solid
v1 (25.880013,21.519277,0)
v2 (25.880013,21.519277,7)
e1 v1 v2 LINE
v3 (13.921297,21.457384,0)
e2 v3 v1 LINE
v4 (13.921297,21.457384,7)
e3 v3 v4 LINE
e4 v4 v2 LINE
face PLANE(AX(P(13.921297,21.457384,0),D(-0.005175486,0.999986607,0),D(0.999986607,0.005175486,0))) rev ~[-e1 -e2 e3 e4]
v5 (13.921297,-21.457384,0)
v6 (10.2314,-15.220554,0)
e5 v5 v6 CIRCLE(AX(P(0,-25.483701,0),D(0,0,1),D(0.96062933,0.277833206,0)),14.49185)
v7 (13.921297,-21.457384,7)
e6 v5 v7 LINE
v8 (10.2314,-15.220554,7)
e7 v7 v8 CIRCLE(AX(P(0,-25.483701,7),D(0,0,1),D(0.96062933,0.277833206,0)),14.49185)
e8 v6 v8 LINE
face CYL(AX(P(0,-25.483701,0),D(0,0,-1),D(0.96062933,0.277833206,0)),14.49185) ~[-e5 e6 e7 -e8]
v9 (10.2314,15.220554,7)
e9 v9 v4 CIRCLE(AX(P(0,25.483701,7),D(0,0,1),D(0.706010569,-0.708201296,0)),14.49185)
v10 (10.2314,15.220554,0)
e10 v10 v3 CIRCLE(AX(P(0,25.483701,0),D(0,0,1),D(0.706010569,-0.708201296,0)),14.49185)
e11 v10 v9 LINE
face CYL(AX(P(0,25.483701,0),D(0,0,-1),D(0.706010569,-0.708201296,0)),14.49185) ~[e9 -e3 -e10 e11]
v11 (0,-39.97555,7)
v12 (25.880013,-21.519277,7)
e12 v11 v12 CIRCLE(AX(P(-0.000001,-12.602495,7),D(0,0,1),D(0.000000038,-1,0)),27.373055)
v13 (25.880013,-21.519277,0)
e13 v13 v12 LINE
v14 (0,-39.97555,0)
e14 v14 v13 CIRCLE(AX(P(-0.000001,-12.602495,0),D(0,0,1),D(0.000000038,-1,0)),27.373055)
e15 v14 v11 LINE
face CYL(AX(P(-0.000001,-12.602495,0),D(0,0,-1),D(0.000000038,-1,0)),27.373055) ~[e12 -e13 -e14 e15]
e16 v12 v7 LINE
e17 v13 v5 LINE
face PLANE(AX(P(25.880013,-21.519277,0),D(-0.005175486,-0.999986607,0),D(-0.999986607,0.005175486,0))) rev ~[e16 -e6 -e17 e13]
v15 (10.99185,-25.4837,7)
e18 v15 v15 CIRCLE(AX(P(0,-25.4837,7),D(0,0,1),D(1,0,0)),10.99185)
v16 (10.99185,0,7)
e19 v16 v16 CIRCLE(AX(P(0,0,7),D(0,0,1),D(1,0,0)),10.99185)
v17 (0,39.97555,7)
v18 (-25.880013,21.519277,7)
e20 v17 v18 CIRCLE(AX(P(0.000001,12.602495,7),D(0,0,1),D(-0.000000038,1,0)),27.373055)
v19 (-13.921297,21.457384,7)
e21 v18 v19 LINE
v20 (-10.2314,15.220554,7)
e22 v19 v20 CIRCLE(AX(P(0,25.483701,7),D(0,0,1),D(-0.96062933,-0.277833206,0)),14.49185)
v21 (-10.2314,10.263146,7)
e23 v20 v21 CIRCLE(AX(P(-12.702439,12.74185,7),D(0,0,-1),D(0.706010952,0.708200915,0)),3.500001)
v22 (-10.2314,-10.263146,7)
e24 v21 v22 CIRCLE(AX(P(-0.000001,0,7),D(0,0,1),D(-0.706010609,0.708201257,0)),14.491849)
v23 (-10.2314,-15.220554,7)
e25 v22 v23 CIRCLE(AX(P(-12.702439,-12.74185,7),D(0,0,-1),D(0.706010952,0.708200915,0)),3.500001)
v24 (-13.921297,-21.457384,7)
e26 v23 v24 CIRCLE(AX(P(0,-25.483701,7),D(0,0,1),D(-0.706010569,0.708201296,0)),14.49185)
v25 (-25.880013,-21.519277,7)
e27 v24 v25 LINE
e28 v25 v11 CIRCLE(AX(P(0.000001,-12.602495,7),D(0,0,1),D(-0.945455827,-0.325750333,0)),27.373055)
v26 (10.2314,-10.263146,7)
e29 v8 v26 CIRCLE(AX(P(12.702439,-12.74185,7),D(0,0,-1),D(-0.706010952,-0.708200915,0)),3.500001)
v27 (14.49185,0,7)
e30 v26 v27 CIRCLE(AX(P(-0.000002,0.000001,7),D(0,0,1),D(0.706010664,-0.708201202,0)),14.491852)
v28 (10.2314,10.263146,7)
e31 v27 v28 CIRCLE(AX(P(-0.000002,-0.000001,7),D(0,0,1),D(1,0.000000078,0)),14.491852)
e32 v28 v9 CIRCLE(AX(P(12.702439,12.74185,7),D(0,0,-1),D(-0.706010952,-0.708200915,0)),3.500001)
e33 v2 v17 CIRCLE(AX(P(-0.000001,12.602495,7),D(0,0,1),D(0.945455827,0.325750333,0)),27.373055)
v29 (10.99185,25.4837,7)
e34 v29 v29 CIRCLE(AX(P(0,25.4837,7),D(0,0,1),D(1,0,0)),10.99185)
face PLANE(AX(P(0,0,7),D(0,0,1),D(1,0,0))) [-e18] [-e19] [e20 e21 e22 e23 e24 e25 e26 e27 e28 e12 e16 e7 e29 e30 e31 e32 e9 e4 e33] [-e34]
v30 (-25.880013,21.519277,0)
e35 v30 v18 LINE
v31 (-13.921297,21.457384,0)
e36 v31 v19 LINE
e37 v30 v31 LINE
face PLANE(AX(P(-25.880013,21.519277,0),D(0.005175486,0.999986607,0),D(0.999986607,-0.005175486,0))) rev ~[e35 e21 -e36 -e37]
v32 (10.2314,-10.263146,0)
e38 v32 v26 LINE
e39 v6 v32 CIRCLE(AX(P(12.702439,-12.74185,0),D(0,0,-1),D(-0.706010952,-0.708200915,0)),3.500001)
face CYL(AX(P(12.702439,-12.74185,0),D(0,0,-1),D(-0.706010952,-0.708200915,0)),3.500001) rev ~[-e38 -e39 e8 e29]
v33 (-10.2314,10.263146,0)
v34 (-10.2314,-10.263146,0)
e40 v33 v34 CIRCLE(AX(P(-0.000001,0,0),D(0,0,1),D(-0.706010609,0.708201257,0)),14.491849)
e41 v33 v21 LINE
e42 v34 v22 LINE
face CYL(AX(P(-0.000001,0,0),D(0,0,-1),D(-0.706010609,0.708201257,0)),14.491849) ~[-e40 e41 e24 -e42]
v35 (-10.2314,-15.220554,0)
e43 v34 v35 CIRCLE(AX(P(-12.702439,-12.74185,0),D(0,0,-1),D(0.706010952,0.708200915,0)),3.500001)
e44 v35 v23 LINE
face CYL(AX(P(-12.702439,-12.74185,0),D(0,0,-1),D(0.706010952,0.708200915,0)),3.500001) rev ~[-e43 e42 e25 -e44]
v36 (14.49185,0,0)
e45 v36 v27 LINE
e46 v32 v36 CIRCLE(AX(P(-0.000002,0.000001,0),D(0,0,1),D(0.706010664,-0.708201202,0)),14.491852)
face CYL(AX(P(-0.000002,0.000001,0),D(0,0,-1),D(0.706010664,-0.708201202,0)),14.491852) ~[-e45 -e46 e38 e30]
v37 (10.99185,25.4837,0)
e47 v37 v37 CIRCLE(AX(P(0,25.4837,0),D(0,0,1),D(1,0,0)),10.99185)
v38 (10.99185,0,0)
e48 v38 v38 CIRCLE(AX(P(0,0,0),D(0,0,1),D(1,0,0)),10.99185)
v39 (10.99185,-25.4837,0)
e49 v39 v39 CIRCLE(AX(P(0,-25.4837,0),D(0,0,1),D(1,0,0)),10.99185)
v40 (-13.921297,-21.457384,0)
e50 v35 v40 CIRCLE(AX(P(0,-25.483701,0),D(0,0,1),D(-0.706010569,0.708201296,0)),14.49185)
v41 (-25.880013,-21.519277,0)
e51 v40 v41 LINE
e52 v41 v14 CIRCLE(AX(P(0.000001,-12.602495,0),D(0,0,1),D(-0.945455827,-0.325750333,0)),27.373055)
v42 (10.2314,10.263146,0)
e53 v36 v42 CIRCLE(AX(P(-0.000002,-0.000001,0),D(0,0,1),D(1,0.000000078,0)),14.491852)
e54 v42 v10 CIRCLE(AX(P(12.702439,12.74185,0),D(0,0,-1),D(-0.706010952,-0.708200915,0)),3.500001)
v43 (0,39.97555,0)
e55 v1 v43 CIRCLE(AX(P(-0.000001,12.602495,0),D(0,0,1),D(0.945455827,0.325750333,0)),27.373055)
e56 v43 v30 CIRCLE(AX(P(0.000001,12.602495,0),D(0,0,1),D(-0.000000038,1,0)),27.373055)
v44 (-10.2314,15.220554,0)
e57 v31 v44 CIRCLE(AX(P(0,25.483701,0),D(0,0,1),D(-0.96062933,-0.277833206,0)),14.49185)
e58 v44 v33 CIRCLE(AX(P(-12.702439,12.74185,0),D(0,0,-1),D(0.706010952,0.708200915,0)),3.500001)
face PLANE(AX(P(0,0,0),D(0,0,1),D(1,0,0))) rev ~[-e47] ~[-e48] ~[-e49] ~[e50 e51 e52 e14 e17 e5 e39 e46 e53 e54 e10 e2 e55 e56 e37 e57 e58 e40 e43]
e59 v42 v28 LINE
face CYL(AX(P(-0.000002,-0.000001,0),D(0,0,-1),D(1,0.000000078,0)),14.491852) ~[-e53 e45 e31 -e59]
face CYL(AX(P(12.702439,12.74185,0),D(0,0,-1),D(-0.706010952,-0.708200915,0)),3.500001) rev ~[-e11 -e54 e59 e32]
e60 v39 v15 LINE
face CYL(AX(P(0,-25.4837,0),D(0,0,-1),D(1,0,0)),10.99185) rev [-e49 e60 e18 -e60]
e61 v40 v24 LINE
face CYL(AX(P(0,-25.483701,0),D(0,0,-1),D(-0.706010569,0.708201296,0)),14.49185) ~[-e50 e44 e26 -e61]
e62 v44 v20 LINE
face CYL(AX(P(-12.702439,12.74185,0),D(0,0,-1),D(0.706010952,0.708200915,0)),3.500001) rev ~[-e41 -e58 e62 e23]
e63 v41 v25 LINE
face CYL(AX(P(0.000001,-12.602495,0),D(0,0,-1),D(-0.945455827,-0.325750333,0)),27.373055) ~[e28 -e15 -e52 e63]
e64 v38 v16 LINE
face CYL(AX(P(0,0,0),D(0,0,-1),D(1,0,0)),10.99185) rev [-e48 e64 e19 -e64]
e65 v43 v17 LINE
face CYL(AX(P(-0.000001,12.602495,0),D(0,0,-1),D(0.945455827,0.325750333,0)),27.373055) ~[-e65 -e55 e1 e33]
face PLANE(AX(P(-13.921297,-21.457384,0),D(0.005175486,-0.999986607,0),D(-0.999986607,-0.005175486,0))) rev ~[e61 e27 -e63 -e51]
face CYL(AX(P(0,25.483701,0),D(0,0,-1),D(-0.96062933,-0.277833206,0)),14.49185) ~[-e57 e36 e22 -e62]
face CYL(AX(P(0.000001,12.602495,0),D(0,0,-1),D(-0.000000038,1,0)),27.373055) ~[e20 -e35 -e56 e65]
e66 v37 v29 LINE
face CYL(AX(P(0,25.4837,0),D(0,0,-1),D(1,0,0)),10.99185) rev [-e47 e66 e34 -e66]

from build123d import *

# Parameters (mm, degrees)
F1_R     = 10.99185
F2_DEPTH = 7


with BuildPart() as f2:
    # F1 (on Top) → F2 (new body)
    with BuildSketch(Plane.XY):
        Circle(F1_R)
        with BuildLine():
            ThreePointArc((10.2314, -10.263146), (13.384424, -5.556159), (14.49185, 0))
            ThreePointArc((14.49185, 0), (13.384424, 5.556159), (10.2314, 10.263146))
            ThreePointArc((10.2314, 10.263146), (9.202438, 12.74185), (10.2314, 15.220554))
            ThreePointArc((10.2314, 15.220554), (12.472478, 18.104607), (13.921297, 21.457384))
            ThreePointArc((13.921297, 21.457384), (11.583663, 34.191885), (0, 39.97555))
            ThreePointArc((0, 39.97555), (-11.583663, 34.191885), (-13.921297, 21.457384))
            ThreePointArc((-13.921297, 21.457384), (-12.472478, 18.104607), (-10.2314, 15.220554))
            ThreePointArc((-10.2314, 15.220554), (-9.202438, 12.74185), (-10.2314, 10.263146))
            ThreePointArc((-10.2314, 10.263146), (-14.49185, 0), (-10.2314, -10.263146))
            ThreePointArc((-10.2314, -10.263146), (-9.202438, -12.74185), (-10.2314, -15.220554))
            ThreePointArc((-10.2314, -15.220554), (-12.472478, -18.104607), (-13.921297, -21.457384))
            ThreePointArc((-13.921297, -21.457384), (-11.583663, -34.191885), (0, -39.97555))
            ThreePointArc((0, -39.97555), (11.583663, -34.191885), (13.921297, -21.457384))
            ThreePointArc((13.921297, -21.457384), (12.472478, -18.104607), (10.2314, -15.220554))
            ThreePointArc((10.2314, -15.220554), (9.202438, -12.74185), (10.2314, -10.263146))
        make_face()
        with Locations((0, -25.4837)):
            Circle(F1_R, mode=Mode.SUBTRACT)
        Circle(F1_R, mode=Mode.SUBTRACT)
        with Locations((0, 25.4837)):
            Circle(F1_R, mode=Mode.SUBTRACT)
        with BuildLine():
            Line((25.880013, -21.519277), (13.921297, -21.457384))
            ThreePointArc((13.921297, -21.457384), (11.583663, -34.191885), (0, -39.97555))
            ThreePointArc((0, -39.97555), (15.893466, -34.888855), (25.880013, -21.519277))
        make_face()
        with BuildLine():
            ThreePointArc((0, 39.97555), (11.583663, 34.191885), (13.921297, 21.457384))
            Line((13.921297, 21.457384), (25.880013, 21.519277))
            ThreePointArc((25.880013, 21.519277), (15.893466, 34.888855), (0, 39.97555))
        make_face()
        with BuildLine():
            ThreePointArc((-25.880013, -21.519277), (-15.893466, -34.888855), (0, -39.97555))
            ThreePointArc((0, -39.97555), (-11.583663, -34.191885), (-13.921297, -21.457384))
            Line((-13.921297, -21.457384), (-25.880013, -21.519277))
        make_face()
        with BuildLine():
            ThreePointArc((-13.921297, 21.457384), (-11.583663, 34.191885), (0, 39.97555))
            ThreePointArc((0, 39.97555), (-15.893466, 34.888855), (-25.880013, 21.519277))
            Line((-25.880013, 21.519277), (-13.921297, 21.457384))
        make_face()
    extrude(amount=F2_DEPTH)


solid = f2.part
